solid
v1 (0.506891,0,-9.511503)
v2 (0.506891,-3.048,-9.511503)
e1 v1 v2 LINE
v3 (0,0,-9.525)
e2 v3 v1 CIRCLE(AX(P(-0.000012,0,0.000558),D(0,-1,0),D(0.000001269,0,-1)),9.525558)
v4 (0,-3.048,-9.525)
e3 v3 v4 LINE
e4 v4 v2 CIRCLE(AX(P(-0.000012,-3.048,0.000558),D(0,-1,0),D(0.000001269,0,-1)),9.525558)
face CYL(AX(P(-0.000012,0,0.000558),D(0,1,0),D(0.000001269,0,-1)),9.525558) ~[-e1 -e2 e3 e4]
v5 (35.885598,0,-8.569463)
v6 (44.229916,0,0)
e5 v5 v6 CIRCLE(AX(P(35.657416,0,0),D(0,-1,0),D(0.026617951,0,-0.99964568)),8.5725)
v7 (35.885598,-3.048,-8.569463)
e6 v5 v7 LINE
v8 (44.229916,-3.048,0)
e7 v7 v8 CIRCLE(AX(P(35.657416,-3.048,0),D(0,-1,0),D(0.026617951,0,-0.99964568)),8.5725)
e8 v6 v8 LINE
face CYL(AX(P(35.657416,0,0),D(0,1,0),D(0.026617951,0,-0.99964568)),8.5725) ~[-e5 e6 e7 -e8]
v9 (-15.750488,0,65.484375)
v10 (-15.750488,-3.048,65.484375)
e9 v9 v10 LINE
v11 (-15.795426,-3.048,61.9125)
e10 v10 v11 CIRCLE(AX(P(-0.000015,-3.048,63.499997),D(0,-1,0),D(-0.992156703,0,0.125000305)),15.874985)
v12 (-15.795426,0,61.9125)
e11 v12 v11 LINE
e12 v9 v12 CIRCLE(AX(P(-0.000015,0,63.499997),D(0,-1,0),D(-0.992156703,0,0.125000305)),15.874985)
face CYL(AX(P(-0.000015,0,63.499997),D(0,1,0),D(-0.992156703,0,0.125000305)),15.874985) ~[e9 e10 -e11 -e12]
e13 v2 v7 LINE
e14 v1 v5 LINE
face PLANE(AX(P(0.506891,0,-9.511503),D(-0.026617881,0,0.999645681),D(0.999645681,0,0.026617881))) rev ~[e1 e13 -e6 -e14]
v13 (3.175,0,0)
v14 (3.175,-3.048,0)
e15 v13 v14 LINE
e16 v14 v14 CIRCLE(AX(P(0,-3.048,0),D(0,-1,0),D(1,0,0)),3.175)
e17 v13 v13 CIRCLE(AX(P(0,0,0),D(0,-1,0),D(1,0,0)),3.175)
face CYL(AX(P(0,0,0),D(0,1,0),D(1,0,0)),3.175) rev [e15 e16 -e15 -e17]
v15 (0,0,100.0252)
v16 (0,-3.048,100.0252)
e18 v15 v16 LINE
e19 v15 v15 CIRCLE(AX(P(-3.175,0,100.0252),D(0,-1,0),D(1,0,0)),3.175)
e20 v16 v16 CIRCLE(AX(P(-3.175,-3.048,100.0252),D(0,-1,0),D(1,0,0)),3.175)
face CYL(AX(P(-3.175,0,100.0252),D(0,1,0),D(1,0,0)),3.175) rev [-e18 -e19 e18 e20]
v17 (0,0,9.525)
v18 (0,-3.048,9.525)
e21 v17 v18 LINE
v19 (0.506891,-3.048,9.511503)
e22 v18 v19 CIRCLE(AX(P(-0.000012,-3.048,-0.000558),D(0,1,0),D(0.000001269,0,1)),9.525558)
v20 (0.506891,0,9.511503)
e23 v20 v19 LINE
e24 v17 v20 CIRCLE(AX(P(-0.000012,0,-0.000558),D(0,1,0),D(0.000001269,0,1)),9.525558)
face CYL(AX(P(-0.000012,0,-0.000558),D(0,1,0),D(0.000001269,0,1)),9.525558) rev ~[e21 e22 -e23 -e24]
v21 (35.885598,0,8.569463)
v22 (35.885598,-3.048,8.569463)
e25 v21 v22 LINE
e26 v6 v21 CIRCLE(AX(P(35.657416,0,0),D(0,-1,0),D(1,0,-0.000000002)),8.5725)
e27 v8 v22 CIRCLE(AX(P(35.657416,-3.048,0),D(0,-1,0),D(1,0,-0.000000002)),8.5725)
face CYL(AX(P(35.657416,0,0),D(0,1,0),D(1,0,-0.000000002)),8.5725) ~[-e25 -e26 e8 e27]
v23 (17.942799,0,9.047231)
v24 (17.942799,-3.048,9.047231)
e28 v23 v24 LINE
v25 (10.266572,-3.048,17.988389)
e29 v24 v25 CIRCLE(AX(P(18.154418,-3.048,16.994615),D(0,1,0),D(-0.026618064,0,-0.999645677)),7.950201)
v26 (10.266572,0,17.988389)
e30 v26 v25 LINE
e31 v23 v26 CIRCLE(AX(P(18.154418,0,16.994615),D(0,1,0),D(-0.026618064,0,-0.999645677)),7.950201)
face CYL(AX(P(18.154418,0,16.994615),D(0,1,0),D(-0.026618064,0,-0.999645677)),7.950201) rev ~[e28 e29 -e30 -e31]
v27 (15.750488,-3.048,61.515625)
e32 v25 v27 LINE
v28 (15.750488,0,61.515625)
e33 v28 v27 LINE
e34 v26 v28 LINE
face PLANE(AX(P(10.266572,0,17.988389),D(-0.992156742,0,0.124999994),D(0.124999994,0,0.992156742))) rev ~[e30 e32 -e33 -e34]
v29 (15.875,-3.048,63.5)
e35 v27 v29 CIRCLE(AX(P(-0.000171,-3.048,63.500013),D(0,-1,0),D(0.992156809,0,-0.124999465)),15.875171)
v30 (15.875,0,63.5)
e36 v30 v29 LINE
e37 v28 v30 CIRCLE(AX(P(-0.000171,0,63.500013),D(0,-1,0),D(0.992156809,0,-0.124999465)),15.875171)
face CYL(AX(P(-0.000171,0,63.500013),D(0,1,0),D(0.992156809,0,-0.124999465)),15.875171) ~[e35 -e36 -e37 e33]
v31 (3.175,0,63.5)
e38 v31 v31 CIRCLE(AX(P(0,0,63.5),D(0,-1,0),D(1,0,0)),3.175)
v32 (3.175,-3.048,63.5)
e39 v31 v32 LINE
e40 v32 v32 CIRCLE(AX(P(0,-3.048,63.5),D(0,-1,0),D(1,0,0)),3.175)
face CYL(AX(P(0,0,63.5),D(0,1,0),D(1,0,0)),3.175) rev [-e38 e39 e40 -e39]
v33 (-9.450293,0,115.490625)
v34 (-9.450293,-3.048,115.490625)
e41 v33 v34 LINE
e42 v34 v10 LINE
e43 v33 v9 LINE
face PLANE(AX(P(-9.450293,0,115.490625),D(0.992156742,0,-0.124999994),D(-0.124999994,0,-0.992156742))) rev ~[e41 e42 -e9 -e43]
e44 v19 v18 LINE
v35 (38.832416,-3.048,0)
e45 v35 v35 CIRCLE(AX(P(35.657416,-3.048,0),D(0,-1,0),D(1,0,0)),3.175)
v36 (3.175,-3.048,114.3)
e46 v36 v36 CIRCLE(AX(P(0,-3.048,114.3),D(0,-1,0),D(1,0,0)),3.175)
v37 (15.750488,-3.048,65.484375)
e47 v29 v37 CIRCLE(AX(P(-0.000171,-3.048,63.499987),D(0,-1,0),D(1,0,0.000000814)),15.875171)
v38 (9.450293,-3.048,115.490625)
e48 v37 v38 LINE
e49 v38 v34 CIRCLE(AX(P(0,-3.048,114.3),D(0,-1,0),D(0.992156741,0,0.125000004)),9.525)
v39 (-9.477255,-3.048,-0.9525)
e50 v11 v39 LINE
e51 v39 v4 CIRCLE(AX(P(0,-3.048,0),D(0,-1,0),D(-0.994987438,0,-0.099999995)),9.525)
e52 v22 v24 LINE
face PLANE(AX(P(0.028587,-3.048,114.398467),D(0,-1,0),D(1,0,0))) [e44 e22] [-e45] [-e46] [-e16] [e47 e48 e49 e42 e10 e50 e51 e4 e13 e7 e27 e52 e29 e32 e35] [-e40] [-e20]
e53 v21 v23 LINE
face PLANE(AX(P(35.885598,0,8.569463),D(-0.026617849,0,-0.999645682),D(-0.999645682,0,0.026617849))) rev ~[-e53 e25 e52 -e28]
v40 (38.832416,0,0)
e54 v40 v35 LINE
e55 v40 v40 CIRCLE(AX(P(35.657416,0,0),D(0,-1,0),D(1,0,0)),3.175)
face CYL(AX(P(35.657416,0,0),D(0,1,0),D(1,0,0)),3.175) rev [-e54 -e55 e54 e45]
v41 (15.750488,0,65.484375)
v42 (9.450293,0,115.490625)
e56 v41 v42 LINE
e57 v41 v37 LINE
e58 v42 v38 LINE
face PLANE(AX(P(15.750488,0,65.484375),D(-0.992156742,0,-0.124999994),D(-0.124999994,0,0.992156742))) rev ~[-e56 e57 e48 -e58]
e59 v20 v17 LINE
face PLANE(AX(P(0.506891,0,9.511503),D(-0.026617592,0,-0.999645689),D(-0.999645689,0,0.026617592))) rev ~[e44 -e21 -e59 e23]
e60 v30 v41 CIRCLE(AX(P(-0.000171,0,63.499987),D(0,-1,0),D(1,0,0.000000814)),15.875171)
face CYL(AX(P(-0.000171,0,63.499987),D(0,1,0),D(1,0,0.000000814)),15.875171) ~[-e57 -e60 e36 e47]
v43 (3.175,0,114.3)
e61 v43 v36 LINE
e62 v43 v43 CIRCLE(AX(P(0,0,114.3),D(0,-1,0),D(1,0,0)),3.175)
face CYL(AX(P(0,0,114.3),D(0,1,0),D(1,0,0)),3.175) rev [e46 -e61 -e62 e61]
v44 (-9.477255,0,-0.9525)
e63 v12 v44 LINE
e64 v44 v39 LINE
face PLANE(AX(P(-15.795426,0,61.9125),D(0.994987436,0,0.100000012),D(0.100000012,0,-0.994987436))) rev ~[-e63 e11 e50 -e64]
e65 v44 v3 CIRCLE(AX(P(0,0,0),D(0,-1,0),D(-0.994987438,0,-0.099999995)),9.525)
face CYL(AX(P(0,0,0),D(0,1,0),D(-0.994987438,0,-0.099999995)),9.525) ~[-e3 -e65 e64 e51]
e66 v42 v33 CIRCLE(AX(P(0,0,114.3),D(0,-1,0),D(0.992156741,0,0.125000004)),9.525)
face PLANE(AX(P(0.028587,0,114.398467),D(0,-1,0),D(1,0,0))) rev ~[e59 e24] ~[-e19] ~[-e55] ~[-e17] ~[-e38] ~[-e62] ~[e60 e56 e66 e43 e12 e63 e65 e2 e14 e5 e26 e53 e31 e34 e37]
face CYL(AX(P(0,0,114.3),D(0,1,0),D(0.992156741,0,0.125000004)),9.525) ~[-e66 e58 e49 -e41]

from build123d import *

# Parameters (mm, degrees)
F0_R     = 3.175
F1_DEPTH = 3.048


with BuildPart() as f1:
    # F0 (on Front) → F1 (new body)
    with BuildSketch(Plane.XZ):
        with BuildLine():
            ThreePointArc((-9.450293, 115.490625), (-0.596483, 104.793695), (9.525, 114.3))
            ThreePointArc((9.525, 114.3), (9.506305, 114.896483), (9.450293, 115.490625))
            ThreePointArc((9.450293, 115.490625), (0, 123.825), (-9.450293, 115.490625))
        make_face()
        with Locations((0, 114.3)):
            Circle(F0_R, mode=Mode.SUBTRACT)
        with BuildLine():
            ThreePointArc((9.450293, 115.490625), (9.506305, 114.896483), (9.525, 114.3))
            ThreePointArc((9.525, 114.3), (-0.596483, 104.793695), (-9.450293, 115.490625))
            Line((-9.450293, 115.490625), (-15.750488, 65.484375))
            ThreePointArc((-15.750488, 65.484375), (0, 79.375), (15.750488, 65.484375))
            Line((15.750488, 65.484375), (9.450293, 115.490625))
        make_face()
        with Locations((-3.175, 100.0252)):
            Circle(F0_R, mode=Mode.SUBTRACT)
        with BuildLine():
            ThreePointArc((15.875, 63.5), (15.843841, 64.494139), (15.750488, 65.484375))
            ThreePointArc((15.750488, 65.484375), (0, 79.375), (-15.750488, 65.484375))
            ThreePointArc((-15.750488, 65.484375), (-15.873744, 63.699705), (-15.795426, 61.9125))
            ThreePointArc((-15.795426, 61.9125), (-0.199705, 47.626256), (15.750488, 61.515625))
            ThreePointArc((15.750488, 61.515625), (15.843841, 62.505861), (15.875, 63.5))
        make_face()
        with Locations((0, 63.5)):
            Circle(F0_R, mode=Mode.SUBTRACT)
        with BuildLine():
            ThreePointArc((15.750488, 61.515625), (-0.199705, 47.626256), (-15.795426, 61.9125))
            Line((-15.795426, 61.9125), (-9.477255, -0.9525))
            ThreePointArc((-9.477255, -0.9525), (-7.063929, 6.389564), (0, 9.525))
            ThreePointArc((0, 9.525), (0.253535, 9.521625), (0.506891, 9.511503))
            ThreePointArc((0.506891, 9.511503), (6.912082, 6.553529), (9.525, 0))
            ThreePointArc((9.525, 0), (6.912082, -6.553529), (0.506891, -9.511503))
            Line((0.506891, -9.511503), (35.885598, -8.569463))
            ThreePointArc((35.885598, -8.569463), (27.084916, 0), (35.885598, 8.569463))
            Line((35.885598, 8.569463), (17.942799, 9.047231))
            ThreePointArc((17.942799, 9.047231), (12.122303, 11.815881), (10.266572, 17.988389))
            Line((10.266572, 17.988389), (15.750488, 61.515625))
        make_face()
        with BuildLine():
            ThreePointArc((0, 9.525), (-7.063929, 6.389564), (-9.477255, -0.9525))
            ThreePointArc((-9.477255, -0.9525), (-6.389564, -7.063929), (0, -9.525))
            Line((0, -9.525), (0.506891, -9.511503))
            ThreePointArc((0.506891, -9.511503), (6.912082, -6.553529), (9.525, 0))
            ThreePointArc((9.525, 0), (6.912082, 6.553529), (0.506891, 9.511503))
            Line((0.506891, 9.511503), (0, 9.525))
        make_face()
        Circle(F0_R, mode=Mode.SUBTRACT)
        with BuildLine():
            Line((0.506891, -9.511503), (0, -9.525))
            ThreePointArc((0, -9.525), (0.253535, -9.521625), (0.506891, -9.511503))
        make_face()
        with BuildLine():
            ThreePointArc((44.229916, 0), (41.799234, 5.980454), (35.885598, 8.569463))
            ThreePointArc((35.885598, 8.569463), (27.084916, 0), (35.885598, -8.569463))
            ThreePointArc((35.885598, -8.569463), (41.799234, -5.980454), (44.229916, 0))
        make_face()
        with Locations((35.657416, 0)):
            Circle(F0_R, mode=Mode.SUBTRACT)
    extrude(amount=F1_DEPTH)


solid = f1.part
